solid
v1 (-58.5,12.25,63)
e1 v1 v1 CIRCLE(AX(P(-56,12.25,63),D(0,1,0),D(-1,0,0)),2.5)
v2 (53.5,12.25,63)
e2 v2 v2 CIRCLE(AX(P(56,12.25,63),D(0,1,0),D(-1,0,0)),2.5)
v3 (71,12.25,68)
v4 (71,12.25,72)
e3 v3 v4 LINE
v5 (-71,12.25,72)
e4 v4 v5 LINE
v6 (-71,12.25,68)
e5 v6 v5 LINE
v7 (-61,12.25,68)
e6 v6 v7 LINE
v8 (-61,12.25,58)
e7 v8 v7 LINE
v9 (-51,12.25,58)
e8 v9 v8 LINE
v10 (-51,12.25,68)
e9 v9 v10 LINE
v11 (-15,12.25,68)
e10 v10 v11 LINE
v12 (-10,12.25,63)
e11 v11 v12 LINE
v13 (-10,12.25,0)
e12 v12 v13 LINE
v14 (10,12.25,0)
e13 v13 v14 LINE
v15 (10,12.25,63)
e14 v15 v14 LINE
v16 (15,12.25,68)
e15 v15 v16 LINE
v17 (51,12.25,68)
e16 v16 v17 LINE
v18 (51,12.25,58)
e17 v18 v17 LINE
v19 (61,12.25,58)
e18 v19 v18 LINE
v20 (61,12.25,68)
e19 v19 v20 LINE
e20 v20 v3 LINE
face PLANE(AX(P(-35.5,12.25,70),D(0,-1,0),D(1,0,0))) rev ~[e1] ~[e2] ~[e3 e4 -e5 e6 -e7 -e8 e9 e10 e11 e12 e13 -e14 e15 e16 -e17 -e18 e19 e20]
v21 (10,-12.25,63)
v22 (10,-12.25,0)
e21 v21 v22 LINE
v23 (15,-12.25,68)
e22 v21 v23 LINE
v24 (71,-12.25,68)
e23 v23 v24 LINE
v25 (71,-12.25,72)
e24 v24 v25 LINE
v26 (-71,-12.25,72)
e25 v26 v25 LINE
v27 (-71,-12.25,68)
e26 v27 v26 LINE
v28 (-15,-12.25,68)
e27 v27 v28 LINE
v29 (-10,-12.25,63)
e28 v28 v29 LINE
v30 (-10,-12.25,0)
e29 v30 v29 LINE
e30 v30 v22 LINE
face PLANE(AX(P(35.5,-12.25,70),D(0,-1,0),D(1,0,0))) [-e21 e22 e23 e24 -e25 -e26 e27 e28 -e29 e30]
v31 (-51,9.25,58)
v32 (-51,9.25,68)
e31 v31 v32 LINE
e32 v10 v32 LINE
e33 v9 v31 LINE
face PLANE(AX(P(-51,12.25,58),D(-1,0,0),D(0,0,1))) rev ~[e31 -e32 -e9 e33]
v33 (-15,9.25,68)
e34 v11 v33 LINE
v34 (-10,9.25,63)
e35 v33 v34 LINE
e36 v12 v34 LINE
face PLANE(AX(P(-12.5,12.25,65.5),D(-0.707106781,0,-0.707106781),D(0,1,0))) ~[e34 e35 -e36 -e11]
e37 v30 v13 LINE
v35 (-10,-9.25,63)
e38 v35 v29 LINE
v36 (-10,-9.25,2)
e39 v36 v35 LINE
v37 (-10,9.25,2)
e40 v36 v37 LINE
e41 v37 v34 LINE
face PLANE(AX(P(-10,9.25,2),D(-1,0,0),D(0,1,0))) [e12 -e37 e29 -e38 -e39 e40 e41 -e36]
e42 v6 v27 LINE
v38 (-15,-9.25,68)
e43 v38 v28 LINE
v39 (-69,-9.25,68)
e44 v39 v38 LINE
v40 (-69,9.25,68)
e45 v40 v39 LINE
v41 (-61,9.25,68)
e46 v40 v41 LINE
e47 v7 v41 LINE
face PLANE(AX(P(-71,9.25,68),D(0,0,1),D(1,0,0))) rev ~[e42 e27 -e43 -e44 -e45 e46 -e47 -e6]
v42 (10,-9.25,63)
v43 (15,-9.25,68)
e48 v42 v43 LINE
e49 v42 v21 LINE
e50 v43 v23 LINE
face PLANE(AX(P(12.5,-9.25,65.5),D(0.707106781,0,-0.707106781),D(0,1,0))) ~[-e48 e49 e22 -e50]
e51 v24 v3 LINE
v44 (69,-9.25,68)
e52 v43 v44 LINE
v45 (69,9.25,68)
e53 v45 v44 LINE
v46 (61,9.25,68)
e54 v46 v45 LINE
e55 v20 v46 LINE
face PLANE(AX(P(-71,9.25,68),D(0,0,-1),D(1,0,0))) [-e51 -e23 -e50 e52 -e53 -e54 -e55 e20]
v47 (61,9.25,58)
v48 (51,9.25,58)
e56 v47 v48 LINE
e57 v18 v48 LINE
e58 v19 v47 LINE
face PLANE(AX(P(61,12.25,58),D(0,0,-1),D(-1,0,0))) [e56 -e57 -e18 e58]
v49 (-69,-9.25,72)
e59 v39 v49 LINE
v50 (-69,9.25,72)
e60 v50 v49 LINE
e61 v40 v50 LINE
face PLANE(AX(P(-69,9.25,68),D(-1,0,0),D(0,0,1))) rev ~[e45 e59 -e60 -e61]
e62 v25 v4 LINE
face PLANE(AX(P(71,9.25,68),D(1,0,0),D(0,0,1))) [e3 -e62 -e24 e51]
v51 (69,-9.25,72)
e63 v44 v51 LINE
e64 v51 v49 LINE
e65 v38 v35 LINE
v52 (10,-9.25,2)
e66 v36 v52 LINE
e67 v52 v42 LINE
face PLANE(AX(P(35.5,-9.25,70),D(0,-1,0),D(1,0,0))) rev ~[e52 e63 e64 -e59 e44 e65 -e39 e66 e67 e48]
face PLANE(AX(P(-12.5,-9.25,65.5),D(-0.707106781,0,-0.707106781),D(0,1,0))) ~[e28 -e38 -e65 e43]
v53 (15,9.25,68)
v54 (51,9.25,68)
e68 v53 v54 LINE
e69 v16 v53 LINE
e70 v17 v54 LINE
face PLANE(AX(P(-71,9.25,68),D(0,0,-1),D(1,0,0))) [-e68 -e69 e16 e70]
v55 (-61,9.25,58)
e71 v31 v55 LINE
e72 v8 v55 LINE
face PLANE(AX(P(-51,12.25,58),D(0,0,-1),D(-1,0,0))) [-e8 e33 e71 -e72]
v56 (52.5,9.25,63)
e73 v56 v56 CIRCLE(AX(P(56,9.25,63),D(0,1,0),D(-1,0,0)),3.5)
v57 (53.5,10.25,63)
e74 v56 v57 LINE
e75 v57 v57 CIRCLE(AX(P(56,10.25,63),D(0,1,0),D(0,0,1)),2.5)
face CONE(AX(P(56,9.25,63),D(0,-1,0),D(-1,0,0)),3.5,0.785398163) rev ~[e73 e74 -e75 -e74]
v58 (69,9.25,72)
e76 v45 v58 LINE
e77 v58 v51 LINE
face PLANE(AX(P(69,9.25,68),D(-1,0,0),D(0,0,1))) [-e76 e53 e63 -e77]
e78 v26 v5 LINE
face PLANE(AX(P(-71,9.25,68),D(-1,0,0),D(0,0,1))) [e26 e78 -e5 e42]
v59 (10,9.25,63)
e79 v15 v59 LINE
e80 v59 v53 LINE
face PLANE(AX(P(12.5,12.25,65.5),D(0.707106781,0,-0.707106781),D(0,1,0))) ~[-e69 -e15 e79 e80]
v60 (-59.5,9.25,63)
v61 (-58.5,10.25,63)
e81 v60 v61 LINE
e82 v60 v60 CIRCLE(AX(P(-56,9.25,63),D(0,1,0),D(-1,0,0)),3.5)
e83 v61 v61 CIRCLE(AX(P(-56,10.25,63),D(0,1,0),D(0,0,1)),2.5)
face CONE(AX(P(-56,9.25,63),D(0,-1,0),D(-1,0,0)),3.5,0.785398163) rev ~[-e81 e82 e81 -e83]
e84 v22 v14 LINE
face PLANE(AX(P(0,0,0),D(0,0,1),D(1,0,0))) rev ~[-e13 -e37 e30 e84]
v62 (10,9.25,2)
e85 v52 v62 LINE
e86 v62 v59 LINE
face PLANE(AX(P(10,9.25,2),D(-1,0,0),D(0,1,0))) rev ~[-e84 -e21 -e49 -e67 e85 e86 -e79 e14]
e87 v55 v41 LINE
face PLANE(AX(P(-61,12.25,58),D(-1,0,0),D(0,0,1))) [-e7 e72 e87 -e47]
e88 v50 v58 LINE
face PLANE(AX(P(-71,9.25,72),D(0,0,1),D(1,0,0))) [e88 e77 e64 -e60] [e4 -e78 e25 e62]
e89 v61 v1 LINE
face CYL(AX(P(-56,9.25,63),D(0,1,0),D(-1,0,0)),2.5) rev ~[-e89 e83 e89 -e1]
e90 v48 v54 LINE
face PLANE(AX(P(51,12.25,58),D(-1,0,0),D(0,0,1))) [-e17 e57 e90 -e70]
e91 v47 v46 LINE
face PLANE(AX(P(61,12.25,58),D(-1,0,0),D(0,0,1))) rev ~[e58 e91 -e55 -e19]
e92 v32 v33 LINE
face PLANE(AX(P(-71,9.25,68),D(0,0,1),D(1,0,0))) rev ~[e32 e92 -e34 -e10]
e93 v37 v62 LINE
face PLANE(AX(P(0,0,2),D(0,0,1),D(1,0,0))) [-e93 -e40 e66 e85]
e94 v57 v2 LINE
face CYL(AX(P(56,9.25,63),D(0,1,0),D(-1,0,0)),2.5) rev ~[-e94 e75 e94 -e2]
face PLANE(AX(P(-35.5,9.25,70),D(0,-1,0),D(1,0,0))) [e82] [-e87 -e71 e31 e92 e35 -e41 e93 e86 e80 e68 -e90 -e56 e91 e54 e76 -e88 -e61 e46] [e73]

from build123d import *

# Parameters (mm, degrees)
F0_W            = 20
F0_H            = 24.5
F1_DEPTH        = 2
F2_W            = 20
F2_H            = 3
F3_DEPTH        = 70
F4_W            = 71
F4_H            = 4
F5_DEPTH        = 3
F6_W            = 71
F6_H            = 4
F7_DEPTH        = 3
F8_W            = 2
F8_H            = 4
F9_DEPTH        = 18.5
F10_SIZE        = 5
F11_W           = 10
F11_H           = 10
F12_DEPTH       = 3
F14_D           = 5
F14_CSINK_D     = 7
F14_CSINK_ANGLE = 90


with BuildPart() as f1:
    # F0 (on Top) → F1 (new body)
    with BuildSketch(Plane.XY):
        Rectangle(F0_W, F0_H)
    extrude(amount=F1_DEPTH)

    # F2 (on face) → F3 (join)
    with BuildSketch(Plane.XY.offset(2)):
        with Locations((0, 10.75)):
            Rectangle(F2_W, F2_H)
        with Locations((0, -10.75)):
            Rectangle(F2_W, F2_H)
    extrude(amount=F3_DEPTH)

    # F4 (on face) → F5 (join, through all)
    with BuildSketch(Plane.XZ.offset(12.25)):
        with Locations((35.5, 70)):
            Rectangle(F4_W, F4_H)
        with Locations((-35.5, 70)):
            Rectangle(F4_W, F4_H)
    extrude(amount=-F5_DEPTH)

    # F6 (on face) → F7 (join, through all)
    with BuildSketch(Plane.XZ.offset(-9.25)):
        with Locations((-35.5, 70)):
            Rectangle(F6_W, F6_H)
        with Locations((35.5, 70)):
            Rectangle(F6_W, F6_H)
    extrude(amount=-F7_DEPTH)

    # F8 (on face) → F9 (join, through all)
    with BuildSketch(Plane.XZ.offset(-9.25)):
        with Locations((-70, 70)):
            Rectangle(F8_W, F8_H)
        with Locations((70, 70)):
            Rectangle(F8_W, F8_H)
    extrude(amount=F9_DEPTH)

    # F10
    f10_edges = [f1.edges().sort_by_distance(p)[0] for p in [
        (10, 10.75, 68),
        (10, -10.75, 68),
        (-10, 10.75, 68),
        (-10, -10.75, 68),
    ]]
    chamfer(f10_edges, length=F10_SIZE)

    # F11 (on face) → F12 (join, through all)
    with BuildSketch(Plane(origin=(0, 12.25, 0), x_dir=(-1, 0, 0), z_dir=(0, 1, 0))):
        with Locations((-56, 63)):
            Rectangle(F11_W, F11_H)
        with Locations((56, 63)):
            Rectangle(F11_W, F11_H)
    extrude(amount=-F12_DEPTH)

    # F14 (through all)
    with Locations(Plane.XZ.offset(-9.25)):
        with Locations((56, 63), (-56, 63)):
            CounterSinkHole(F14_D / 2, F14_CSINK_D / 2, counter_sink_angle=F14_CSINK_ANGLE)


solid = f1.part
